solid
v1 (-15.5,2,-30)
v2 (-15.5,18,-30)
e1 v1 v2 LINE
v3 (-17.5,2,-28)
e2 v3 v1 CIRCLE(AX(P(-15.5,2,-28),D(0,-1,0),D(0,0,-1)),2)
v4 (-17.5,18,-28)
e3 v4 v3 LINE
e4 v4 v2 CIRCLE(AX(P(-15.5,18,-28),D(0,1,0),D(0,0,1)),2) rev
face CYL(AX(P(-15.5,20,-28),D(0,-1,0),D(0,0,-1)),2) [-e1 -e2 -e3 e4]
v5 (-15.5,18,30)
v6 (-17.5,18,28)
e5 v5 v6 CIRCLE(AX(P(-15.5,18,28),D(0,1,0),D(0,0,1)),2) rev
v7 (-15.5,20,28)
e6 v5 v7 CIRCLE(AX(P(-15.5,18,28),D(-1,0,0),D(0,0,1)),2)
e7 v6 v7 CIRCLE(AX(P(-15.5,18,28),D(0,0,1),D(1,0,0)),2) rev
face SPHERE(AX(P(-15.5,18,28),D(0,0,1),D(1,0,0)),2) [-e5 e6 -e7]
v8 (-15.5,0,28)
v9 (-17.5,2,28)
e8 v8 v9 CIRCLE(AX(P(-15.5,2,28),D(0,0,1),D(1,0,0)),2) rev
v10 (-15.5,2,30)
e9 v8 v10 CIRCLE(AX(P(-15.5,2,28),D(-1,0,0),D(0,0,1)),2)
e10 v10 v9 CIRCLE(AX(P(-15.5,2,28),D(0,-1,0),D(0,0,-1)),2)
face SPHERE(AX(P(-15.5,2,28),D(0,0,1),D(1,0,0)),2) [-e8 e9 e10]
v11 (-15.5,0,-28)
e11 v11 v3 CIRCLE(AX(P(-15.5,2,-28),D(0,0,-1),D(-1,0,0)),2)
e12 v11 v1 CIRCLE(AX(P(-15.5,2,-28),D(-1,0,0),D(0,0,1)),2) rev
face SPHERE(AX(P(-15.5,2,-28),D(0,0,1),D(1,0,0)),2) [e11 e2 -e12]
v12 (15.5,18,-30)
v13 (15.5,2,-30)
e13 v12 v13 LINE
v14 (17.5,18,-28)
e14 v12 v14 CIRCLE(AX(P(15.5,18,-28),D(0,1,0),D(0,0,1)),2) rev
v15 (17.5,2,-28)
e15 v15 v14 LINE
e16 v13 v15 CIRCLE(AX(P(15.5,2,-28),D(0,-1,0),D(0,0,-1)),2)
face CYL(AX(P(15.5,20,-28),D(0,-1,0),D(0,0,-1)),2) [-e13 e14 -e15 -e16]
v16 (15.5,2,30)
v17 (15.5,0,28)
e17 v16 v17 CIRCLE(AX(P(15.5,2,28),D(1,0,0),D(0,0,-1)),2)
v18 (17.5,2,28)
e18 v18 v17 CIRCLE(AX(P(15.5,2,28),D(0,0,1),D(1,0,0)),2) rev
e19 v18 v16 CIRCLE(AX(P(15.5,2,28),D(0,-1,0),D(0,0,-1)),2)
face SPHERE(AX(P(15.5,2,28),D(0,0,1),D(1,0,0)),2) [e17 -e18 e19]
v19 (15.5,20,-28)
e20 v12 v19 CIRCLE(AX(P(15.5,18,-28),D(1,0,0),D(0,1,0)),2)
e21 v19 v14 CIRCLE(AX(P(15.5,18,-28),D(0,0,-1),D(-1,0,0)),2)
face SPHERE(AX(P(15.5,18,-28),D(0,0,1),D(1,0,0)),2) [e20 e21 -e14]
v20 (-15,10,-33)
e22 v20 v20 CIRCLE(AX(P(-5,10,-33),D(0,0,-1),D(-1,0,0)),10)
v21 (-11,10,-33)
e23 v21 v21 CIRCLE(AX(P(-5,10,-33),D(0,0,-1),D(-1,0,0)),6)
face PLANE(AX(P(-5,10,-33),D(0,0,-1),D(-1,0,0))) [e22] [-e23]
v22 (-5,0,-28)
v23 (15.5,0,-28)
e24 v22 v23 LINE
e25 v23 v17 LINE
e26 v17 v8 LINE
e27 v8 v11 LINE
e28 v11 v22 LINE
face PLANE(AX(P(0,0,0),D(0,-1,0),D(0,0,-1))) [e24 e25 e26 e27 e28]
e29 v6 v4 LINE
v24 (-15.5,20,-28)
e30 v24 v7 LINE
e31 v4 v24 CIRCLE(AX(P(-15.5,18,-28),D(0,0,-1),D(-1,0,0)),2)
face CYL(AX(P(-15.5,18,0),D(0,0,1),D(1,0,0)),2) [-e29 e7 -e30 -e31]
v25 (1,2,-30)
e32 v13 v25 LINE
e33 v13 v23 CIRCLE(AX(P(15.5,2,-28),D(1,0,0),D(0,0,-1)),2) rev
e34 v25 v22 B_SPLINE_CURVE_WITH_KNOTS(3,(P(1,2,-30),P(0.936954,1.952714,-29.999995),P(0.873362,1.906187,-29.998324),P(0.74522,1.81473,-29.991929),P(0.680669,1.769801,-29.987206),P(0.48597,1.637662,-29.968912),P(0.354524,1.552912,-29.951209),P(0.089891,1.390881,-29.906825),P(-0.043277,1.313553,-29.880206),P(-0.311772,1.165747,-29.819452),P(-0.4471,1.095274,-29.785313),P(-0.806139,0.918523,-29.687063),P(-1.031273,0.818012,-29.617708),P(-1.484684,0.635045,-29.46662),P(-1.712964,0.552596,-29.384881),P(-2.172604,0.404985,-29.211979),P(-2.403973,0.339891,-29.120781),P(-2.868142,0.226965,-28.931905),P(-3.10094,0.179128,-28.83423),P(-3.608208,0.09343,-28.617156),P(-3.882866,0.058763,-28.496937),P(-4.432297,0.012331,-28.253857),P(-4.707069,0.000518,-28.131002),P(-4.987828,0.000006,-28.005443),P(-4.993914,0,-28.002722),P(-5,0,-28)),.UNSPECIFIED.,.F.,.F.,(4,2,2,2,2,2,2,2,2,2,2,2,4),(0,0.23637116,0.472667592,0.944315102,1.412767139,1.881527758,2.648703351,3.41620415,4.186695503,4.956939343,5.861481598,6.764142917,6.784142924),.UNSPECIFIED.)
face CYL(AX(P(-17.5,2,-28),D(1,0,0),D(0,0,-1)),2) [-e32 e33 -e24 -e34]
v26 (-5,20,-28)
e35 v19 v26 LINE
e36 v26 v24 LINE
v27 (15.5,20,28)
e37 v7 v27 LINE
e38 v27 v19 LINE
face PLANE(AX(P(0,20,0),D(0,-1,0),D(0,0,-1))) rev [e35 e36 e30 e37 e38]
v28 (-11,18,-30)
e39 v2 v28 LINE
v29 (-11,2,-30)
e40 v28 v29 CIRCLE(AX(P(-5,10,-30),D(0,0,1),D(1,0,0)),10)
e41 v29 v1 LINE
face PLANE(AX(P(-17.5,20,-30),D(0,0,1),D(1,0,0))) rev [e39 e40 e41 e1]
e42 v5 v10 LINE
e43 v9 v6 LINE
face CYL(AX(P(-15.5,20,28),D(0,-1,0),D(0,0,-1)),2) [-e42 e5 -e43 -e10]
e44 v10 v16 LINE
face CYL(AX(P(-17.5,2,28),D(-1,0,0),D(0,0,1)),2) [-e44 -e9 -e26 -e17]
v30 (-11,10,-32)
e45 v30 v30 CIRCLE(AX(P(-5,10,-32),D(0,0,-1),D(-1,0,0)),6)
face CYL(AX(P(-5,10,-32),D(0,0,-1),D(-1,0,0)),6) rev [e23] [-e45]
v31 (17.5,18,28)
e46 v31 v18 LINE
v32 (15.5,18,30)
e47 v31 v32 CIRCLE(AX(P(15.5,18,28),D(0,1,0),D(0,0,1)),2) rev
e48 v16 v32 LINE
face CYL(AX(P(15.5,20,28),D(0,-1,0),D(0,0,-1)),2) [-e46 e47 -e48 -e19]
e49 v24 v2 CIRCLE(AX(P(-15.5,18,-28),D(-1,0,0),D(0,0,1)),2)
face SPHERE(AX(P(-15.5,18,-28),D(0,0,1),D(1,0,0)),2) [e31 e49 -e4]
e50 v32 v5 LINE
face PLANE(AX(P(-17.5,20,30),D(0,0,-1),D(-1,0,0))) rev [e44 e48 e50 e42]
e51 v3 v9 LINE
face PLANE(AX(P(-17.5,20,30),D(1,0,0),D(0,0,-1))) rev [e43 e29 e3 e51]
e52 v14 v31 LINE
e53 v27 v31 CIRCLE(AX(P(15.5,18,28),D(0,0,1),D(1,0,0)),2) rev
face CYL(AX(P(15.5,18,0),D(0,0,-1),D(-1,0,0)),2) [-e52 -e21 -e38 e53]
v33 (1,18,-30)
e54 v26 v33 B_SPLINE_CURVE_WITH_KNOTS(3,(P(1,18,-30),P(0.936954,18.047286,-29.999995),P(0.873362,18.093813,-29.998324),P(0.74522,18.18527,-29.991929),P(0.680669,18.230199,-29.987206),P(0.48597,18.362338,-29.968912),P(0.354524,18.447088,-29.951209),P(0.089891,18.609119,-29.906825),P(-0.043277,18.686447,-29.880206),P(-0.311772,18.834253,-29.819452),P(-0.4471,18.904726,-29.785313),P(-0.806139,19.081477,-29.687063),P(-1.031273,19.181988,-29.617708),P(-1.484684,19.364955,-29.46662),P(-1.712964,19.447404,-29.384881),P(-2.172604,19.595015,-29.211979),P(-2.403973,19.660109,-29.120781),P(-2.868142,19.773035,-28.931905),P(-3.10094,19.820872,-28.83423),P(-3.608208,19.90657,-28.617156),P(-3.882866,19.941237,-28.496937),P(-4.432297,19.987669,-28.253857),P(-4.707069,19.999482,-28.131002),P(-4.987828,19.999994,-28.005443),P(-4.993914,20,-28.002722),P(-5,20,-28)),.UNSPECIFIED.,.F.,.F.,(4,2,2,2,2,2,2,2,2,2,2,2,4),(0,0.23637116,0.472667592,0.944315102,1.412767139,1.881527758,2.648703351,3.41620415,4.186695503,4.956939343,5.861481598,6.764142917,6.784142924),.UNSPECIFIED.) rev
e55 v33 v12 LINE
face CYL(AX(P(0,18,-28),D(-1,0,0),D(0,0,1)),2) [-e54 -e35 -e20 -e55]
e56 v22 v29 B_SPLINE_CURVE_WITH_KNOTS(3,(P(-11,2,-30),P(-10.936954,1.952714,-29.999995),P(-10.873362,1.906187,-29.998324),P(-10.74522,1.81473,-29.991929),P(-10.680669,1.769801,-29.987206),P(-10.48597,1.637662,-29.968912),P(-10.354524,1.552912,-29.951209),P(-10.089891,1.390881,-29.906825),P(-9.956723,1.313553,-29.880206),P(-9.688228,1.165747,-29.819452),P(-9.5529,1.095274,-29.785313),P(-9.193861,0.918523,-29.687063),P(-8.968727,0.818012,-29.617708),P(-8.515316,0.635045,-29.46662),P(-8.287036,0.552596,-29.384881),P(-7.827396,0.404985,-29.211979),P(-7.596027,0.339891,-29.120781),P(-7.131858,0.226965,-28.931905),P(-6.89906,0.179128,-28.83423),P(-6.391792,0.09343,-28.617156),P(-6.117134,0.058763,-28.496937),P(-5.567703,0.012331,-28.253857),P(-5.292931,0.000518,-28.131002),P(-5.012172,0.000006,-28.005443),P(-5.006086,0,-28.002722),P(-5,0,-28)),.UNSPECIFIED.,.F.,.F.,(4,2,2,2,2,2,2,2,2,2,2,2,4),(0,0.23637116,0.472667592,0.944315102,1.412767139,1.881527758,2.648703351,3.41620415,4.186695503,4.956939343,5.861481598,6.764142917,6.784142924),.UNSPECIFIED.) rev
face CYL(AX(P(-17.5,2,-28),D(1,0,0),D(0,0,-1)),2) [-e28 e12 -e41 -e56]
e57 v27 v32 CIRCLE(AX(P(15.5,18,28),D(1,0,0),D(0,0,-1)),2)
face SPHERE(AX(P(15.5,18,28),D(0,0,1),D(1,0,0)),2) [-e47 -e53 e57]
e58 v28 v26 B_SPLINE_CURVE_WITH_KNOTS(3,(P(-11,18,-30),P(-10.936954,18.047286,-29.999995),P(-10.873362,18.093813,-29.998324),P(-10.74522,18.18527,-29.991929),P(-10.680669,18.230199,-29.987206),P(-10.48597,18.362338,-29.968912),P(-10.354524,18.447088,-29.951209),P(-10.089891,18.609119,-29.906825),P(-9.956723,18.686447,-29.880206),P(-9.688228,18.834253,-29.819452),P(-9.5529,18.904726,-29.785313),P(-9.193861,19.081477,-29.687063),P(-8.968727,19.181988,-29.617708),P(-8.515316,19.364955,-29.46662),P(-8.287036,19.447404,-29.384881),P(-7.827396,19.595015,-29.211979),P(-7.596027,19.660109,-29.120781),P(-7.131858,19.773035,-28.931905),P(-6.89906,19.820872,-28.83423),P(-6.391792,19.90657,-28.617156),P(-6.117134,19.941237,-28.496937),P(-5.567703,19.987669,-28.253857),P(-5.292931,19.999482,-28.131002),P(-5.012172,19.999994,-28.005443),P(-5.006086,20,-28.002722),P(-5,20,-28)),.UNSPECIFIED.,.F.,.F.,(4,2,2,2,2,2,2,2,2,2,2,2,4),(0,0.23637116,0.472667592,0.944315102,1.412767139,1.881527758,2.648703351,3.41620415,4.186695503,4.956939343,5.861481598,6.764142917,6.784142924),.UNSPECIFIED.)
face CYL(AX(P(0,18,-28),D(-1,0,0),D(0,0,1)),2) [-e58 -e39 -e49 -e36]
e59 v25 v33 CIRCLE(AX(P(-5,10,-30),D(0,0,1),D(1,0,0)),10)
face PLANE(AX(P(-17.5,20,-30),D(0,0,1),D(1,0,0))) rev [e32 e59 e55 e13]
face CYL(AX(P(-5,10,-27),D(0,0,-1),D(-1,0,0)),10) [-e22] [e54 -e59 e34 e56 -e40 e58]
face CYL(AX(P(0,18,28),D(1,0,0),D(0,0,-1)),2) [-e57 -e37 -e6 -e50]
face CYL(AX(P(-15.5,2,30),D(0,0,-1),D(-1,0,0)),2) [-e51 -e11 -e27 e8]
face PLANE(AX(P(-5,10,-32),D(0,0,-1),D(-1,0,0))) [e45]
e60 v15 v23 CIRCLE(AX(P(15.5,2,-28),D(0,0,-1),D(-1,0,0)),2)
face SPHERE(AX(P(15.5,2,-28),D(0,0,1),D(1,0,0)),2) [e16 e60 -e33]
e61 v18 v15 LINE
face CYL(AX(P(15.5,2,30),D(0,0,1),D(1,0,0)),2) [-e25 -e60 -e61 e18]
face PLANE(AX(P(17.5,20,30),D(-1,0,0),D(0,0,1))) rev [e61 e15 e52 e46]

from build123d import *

# Parameters (mm, degrees)
SKETCH1_W                = 35
SKETCH1_H                = 60
BOSS_EXTRUDE1_DEPTH      = 20
FILLET1_R                = 2
BOSS_EXTRUDE2_DEPTH      = 3
BOSS_EXTRUDE2_DEPTH_BACK = 3
SKETCH2_R                = 10
SKETCH3_R                = 6
CUT_EXTRUDE1_DEPTH       = 1


with BuildPart() as part:
    # Sketch1 → Boss-Extrude1 (new body)
    with BuildSketch(Plane(origin=(0, 0, 0), x_dir=(1, 0, 0), z_dir=(0, 1, 0))):
        Rectangle(SKETCH1_W, SKETCH1_H)
    extrude(amount=BOSS_EXTRUDE1_DEPTH)

    # Fillet1
    fillet1_edges = [part.edges().sort_by_distance(p)[0] for p in [
        (-17.5, 20, 0),
        (0, 20, 30),
        (17.5, 20, 0),
        (0, 0, 30),
        (-17.5, 0, 0),
        (0, 0, -30),
        (17.5, 0, 0),
        (0, 20, -30),
        (17.5, 10, 30),
        (-17.5, 10, 30),
        (-17.5, 10, -30),
        (17.5, 10, -30),
    ]]
    fillet(fillet1_edges, radius=FILLET1_R)

    # Sketch2 → Boss-Extrude2 (add, two sides: drawn at the far end of the back side and taken through both)
    with BuildSketch(Plane(origin=(0, 0, -30), x_dir=(-1, 0, 0), z_dir=(0, 0, -1)).offset(-BOSS_EXTRUDE2_DEPTH_BACK)):
        with Locations((5, 10)):
            Circle(SKETCH2_R)
    extrude(amount=BOSS_EXTRUDE2_DEPTH + BOSS_EXTRUDE2_DEPTH_BACK)

    # Sketch3 → Cut-Extrude1 (cut)
    with BuildSketch(Plane(origin=(0, 0, -33), x_dir=(-1, 0, 0), z_dir=(0, 0, -1))):
        with Locations((5, 10)):
            Circle(SKETCH3_R)
    extrude(amount=-CUT_EXTRUDE1_DEPTH, mode=Mode.SUBTRACT)


solid = part.part
